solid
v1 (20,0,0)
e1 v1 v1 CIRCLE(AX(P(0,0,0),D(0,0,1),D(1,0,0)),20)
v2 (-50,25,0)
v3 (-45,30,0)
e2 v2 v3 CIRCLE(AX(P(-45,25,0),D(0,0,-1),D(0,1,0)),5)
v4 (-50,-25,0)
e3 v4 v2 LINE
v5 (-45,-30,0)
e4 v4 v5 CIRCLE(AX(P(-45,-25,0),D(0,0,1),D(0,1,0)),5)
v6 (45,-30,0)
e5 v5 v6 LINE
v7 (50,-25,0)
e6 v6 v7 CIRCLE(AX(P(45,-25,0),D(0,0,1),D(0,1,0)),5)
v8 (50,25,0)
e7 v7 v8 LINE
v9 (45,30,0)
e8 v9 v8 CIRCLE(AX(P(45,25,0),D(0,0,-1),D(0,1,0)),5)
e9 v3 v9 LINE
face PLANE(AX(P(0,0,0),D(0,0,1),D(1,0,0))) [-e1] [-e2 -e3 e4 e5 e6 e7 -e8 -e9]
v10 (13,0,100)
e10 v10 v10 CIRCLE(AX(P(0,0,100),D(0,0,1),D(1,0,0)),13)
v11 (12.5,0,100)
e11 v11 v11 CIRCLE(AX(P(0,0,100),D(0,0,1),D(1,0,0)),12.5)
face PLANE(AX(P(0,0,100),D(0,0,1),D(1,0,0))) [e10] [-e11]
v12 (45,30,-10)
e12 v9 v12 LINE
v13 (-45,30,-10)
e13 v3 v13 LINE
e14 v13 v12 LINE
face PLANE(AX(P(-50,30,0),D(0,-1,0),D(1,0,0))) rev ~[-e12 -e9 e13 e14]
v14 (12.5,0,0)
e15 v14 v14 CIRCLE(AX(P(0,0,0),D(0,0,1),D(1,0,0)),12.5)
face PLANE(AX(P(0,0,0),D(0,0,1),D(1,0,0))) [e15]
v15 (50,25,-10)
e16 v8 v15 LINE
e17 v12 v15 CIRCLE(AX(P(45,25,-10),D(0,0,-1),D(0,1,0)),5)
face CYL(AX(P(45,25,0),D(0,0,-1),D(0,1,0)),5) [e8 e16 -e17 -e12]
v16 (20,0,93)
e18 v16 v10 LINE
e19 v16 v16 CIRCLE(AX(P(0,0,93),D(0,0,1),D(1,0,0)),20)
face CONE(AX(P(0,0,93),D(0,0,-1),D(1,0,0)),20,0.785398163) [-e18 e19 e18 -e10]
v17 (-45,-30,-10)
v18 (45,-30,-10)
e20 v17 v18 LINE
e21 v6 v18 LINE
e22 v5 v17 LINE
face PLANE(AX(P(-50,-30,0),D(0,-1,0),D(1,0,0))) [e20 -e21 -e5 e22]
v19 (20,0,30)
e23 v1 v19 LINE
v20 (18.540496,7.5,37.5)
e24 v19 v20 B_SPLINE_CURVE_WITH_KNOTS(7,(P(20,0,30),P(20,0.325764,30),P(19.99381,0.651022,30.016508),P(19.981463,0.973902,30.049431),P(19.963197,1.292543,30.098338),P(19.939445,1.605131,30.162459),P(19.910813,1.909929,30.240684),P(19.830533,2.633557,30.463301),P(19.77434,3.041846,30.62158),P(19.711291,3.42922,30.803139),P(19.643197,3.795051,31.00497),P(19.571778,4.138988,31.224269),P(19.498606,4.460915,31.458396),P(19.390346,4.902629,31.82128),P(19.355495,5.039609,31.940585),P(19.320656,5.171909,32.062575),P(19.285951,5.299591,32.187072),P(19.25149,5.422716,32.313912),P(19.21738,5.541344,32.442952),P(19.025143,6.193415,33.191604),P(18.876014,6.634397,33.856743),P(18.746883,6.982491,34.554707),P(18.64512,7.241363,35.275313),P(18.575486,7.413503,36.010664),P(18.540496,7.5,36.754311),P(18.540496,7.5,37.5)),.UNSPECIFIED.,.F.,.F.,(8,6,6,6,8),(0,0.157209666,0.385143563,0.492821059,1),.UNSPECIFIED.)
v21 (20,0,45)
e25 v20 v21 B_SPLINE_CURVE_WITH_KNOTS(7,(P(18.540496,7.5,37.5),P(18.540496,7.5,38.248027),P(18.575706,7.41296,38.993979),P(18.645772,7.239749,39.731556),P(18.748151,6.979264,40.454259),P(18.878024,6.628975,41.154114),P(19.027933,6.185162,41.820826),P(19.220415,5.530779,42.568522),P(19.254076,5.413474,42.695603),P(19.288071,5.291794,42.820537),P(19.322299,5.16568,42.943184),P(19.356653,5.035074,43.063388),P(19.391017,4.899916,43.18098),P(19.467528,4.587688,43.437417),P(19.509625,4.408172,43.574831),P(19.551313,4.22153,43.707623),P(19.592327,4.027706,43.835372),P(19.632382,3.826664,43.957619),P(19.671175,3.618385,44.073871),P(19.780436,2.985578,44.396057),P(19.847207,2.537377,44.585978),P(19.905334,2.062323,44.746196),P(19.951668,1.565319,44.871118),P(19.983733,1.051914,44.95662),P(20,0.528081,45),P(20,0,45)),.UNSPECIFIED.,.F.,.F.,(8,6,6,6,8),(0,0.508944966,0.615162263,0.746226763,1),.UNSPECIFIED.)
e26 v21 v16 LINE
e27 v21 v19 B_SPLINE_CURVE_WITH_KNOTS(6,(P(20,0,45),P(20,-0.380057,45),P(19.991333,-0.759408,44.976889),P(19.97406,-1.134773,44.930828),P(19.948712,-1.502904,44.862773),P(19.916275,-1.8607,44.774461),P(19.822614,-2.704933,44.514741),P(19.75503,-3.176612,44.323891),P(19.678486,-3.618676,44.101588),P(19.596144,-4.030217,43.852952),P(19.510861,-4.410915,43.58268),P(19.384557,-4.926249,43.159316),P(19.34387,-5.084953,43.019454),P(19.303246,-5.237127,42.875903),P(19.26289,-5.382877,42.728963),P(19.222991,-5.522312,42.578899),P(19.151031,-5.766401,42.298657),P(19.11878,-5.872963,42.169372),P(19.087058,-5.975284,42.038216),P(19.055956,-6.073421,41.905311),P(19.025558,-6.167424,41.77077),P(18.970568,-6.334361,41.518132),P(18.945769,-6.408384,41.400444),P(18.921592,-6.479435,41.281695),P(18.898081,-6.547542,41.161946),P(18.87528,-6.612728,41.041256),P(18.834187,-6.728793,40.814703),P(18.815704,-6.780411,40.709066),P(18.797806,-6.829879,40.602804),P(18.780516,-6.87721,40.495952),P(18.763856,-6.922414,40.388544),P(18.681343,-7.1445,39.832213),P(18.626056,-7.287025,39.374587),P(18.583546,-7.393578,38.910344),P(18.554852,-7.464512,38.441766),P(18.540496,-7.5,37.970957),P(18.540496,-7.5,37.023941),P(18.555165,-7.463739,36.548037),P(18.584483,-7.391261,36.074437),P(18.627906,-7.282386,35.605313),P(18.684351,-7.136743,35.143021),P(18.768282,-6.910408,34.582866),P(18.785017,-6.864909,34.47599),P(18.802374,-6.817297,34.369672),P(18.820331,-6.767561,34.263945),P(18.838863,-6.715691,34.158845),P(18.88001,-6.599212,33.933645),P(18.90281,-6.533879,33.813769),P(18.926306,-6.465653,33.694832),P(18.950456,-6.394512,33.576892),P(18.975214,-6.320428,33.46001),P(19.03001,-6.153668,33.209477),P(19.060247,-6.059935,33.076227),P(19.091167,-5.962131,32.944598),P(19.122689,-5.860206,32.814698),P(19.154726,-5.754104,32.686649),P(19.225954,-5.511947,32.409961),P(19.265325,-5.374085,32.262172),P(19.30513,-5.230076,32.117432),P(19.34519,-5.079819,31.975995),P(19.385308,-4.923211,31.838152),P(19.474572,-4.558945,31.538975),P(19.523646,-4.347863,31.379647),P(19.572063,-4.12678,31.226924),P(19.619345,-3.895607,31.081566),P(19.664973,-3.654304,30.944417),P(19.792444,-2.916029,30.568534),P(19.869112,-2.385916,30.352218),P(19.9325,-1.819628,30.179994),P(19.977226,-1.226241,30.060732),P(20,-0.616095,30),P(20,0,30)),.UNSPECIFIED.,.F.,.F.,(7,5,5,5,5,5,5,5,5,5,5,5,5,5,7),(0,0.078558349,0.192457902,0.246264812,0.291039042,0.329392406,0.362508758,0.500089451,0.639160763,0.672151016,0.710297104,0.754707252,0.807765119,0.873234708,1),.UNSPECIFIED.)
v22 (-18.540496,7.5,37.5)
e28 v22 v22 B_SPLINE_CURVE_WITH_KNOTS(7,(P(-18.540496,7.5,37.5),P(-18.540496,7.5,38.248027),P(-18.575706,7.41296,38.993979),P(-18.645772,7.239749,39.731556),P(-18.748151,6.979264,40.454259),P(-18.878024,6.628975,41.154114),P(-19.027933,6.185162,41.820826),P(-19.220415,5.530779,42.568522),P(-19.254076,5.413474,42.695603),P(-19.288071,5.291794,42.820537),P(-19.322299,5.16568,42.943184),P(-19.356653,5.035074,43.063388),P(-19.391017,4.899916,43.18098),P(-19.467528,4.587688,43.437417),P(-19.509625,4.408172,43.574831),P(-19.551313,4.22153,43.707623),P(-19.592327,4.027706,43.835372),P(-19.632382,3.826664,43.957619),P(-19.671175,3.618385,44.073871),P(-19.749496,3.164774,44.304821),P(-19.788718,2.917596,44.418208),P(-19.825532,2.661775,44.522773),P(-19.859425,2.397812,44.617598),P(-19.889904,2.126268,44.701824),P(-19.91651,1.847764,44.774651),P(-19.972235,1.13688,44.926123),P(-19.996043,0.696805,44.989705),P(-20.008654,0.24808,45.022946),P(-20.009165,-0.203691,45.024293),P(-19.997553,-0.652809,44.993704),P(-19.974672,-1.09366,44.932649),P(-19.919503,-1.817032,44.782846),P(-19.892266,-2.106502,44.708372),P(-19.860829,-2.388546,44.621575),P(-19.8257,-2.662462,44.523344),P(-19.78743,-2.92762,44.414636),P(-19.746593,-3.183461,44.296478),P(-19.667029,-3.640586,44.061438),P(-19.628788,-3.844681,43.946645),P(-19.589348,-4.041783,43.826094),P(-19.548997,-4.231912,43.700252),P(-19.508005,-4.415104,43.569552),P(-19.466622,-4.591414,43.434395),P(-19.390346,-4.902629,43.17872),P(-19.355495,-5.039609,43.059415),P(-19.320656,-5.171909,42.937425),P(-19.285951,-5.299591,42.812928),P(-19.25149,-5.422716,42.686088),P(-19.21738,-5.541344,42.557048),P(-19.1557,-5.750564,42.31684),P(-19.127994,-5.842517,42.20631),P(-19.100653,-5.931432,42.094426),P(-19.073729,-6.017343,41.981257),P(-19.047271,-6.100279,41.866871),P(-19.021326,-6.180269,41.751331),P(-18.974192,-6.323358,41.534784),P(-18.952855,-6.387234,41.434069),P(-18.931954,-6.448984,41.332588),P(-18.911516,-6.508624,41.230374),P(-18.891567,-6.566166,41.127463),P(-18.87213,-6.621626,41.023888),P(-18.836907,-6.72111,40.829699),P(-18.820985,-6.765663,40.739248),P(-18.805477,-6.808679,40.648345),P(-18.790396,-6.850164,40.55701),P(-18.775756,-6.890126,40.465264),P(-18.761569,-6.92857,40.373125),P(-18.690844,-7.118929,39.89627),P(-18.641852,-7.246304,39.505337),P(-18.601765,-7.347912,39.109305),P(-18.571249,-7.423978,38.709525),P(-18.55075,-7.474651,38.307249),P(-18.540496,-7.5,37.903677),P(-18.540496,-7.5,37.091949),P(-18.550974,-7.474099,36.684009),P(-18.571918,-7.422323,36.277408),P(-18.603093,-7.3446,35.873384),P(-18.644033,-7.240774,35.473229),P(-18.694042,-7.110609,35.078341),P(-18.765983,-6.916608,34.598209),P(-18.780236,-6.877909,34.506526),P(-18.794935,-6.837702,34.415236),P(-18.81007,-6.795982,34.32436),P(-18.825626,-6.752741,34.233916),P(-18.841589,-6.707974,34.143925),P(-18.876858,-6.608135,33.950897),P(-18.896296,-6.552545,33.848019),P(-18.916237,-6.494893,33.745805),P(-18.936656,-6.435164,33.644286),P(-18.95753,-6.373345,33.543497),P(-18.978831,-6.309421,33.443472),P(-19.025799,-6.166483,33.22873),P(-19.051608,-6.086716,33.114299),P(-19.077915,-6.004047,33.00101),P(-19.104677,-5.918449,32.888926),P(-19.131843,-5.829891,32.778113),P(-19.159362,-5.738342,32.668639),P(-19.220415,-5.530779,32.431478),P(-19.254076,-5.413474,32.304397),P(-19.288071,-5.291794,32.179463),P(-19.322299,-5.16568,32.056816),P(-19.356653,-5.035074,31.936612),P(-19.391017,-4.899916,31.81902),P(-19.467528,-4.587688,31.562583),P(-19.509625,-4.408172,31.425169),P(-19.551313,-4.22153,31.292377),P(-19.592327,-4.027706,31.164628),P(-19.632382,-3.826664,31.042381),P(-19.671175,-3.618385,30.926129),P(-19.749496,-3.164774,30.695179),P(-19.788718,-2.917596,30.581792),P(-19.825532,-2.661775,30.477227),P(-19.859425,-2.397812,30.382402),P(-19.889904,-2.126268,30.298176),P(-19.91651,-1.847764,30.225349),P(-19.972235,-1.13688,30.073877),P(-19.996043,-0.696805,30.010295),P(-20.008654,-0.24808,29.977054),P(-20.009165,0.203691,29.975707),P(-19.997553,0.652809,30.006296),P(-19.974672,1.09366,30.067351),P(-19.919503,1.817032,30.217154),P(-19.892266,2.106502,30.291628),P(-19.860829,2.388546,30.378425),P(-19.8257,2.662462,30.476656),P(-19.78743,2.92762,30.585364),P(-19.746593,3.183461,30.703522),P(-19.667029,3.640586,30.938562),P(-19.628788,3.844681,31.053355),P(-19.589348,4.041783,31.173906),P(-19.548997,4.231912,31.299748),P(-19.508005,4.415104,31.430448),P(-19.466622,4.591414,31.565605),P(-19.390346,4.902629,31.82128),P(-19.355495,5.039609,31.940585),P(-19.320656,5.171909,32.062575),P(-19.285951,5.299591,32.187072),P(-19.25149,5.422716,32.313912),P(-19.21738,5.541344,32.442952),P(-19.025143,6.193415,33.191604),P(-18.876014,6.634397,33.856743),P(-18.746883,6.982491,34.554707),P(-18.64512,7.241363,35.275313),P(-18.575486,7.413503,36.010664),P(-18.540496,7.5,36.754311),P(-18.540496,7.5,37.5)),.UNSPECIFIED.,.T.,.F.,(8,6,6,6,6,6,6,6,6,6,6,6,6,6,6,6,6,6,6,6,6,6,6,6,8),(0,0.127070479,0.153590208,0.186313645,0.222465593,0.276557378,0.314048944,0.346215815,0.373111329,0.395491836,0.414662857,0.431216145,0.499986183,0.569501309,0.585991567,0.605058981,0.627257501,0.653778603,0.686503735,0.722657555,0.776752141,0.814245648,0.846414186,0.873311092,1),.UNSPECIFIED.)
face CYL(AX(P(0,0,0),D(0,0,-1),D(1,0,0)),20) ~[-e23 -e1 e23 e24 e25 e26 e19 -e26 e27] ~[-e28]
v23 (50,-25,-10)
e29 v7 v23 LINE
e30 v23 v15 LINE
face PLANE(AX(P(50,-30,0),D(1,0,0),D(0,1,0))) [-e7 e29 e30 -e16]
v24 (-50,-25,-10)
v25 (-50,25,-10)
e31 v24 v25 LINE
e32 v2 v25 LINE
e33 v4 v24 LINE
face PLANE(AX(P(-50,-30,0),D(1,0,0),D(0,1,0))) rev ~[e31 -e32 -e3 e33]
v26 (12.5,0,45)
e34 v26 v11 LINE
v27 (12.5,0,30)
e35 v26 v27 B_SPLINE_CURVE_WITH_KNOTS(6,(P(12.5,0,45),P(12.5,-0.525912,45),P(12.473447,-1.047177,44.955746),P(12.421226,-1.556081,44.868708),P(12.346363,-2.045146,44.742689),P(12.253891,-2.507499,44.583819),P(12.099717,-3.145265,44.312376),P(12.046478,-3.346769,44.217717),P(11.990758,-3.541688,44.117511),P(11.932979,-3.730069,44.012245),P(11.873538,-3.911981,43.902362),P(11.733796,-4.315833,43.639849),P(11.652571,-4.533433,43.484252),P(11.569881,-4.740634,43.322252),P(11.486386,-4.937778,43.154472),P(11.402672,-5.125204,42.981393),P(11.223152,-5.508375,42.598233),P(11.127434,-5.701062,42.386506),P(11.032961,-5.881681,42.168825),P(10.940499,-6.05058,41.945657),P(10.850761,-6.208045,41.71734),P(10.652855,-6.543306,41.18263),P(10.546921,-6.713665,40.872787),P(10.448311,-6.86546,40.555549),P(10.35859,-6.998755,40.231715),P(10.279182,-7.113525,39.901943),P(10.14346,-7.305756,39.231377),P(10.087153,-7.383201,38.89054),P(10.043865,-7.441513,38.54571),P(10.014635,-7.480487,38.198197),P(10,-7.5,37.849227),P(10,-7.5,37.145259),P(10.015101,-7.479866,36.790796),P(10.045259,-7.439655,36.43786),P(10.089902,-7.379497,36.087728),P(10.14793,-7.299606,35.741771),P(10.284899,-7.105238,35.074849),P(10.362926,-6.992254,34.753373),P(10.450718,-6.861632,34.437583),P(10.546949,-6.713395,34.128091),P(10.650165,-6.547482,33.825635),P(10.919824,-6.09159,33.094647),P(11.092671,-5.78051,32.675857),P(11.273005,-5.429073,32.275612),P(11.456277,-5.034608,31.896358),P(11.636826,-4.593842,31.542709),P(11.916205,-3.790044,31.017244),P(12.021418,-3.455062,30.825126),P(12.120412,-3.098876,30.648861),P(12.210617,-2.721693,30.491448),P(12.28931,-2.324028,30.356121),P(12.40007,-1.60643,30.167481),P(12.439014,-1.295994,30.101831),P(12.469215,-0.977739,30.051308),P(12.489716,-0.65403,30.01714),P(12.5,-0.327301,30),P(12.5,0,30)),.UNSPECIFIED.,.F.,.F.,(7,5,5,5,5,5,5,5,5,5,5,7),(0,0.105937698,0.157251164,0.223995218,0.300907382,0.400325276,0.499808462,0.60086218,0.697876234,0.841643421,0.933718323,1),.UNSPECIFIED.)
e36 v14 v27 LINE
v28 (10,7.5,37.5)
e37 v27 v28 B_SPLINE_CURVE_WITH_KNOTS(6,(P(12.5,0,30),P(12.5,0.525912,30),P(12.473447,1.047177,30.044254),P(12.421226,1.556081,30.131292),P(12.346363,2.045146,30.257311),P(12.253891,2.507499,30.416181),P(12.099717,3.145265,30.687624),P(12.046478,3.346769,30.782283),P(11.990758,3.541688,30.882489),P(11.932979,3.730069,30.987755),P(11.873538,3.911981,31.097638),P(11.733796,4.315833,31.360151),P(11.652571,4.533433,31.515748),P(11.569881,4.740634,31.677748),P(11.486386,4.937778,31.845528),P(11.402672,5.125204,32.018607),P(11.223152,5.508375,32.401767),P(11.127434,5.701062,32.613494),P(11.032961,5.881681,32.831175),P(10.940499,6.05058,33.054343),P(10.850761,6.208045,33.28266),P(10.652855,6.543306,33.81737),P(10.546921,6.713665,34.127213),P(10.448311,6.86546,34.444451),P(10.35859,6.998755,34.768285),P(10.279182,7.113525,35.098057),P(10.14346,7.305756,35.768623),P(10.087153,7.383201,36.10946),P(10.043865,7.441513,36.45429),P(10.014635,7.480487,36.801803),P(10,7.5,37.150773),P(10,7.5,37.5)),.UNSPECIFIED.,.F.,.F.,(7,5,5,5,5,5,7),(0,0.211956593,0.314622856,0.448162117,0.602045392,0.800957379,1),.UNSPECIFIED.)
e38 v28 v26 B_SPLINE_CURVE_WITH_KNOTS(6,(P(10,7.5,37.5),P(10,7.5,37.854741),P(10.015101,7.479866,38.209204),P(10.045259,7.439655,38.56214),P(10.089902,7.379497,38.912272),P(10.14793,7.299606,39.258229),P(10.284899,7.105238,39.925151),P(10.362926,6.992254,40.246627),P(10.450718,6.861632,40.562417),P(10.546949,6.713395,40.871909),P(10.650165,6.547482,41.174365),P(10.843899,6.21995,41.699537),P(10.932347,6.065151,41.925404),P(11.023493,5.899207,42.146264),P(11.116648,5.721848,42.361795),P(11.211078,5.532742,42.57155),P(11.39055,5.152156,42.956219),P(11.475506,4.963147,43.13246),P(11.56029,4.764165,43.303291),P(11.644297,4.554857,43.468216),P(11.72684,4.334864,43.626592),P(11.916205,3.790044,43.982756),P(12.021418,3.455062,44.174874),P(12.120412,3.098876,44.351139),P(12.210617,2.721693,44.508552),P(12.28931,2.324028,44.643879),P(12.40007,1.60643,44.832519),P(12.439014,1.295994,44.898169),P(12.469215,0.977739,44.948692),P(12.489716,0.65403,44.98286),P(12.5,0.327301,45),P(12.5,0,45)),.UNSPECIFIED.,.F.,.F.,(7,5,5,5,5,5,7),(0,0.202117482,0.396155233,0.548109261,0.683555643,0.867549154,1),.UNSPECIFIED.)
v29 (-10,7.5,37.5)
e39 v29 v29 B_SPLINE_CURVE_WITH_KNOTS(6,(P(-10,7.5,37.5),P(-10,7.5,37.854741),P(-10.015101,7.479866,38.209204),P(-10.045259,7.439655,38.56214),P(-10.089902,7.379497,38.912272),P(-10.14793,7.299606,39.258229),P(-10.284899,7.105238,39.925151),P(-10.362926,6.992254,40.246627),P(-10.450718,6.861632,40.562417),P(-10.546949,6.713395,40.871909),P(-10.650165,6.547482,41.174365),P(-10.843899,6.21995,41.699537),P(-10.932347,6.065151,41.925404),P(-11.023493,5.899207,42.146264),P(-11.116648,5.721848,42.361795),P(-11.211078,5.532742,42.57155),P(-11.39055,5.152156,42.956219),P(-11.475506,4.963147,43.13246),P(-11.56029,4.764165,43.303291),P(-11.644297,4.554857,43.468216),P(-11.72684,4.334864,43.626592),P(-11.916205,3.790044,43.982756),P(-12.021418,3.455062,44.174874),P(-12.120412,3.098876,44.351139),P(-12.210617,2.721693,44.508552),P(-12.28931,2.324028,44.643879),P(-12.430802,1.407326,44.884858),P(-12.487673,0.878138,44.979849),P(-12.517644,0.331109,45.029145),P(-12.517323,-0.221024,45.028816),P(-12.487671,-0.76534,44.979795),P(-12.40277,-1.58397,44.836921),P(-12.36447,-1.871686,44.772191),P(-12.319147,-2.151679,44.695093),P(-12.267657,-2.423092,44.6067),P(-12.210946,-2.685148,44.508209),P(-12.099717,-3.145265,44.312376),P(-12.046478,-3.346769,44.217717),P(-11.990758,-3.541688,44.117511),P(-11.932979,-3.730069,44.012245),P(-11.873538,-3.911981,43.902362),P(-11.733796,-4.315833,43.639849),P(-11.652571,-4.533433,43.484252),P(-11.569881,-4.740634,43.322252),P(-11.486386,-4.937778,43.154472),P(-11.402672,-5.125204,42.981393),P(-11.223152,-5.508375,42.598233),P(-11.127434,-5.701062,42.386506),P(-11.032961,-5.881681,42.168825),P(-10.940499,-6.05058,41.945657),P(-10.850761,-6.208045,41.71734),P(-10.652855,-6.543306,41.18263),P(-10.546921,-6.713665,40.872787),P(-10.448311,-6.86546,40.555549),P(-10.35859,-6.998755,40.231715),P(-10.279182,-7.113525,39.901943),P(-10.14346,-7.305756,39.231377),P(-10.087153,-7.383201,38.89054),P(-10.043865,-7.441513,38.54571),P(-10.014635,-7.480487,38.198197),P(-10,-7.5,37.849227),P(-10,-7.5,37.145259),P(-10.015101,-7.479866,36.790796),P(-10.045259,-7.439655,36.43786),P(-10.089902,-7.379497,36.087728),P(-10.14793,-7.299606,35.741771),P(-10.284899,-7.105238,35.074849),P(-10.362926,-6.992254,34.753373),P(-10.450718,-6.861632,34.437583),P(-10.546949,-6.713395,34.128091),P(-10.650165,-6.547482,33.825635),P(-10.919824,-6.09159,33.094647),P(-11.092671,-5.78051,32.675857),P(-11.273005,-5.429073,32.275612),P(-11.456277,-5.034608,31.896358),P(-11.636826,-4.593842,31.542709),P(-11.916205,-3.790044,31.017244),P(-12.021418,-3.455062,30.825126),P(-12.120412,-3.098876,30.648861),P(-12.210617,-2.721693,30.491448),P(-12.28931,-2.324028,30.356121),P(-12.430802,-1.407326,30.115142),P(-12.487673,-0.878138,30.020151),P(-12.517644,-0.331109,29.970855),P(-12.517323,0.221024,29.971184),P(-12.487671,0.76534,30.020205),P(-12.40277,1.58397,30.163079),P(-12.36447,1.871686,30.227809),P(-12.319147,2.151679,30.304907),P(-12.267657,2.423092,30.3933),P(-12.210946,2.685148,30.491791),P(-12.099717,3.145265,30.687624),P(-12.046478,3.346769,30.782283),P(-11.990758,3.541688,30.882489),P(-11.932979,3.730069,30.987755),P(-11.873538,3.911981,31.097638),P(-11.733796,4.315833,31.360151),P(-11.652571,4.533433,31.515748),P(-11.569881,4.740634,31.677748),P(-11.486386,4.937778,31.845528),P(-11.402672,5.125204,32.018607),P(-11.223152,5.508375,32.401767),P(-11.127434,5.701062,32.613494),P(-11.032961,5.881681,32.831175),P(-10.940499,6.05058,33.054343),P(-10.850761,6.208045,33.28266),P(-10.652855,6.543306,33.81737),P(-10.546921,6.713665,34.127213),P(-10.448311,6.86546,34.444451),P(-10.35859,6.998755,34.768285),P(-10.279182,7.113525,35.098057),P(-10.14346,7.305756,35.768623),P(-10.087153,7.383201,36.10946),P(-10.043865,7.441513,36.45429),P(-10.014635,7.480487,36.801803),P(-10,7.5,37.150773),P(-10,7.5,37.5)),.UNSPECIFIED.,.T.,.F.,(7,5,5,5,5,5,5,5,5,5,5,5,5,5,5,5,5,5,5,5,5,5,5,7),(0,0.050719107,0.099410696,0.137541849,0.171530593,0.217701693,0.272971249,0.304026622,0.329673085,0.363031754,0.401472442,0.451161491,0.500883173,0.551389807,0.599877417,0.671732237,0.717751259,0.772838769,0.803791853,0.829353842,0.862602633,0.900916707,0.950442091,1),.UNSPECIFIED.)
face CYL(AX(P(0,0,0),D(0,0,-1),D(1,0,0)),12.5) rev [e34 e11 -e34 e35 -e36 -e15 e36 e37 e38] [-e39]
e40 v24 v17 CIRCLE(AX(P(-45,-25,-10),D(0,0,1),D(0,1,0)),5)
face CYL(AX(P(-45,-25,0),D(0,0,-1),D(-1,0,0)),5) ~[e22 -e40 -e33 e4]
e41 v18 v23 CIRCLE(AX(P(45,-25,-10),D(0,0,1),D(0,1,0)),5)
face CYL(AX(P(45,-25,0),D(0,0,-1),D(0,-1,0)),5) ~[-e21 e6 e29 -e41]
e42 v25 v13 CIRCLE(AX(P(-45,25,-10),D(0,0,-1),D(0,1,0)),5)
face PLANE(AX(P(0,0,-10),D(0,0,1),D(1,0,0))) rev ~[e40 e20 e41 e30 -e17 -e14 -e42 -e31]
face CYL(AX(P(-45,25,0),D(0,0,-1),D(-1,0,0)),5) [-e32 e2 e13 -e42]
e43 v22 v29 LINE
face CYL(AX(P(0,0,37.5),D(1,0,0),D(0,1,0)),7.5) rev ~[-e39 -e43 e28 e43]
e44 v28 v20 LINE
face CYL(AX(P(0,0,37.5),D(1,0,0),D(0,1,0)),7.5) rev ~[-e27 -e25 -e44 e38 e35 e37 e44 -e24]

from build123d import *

# Parameters (mm, degrees)
F0_R     = 20
F0_R_2   = 12.5
F1_DEPTH = 100
F2_W     = 100
F2_H     = 60
F3_DEPTH = 10
F4_R     = 5
F5_SIZE  = 7
F6_R     = 7.5
F7_DEPTH = 20


with BuildPart() as f1:
    # F0 (on Top) → F1 (new body)
    with BuildSketch(Plane.XY):
        Circle(F0_R)
        Circle(F0_R_2, mode=Mode.SUBTRACT)
    extrude(amount=F1_DEPTH)

    # F2 (on Top) → F3 (join)
    with BuildSketch(Plane.XY):
        Rectangle(F2_W, F2_H)
    extrude(amount=-F3_DEPTH)

    # F4
    f4_edges = [f1.edges().sort_by_distance(p)[0] for p in [
        (-50, -30, -5),
        (50, -30, -5),
        (50, 30, -5),
        (-50, 30, -5),
    ]]
    fillet(f4_edges, radius=F4_R)

    # F5
    f5_edges = [f1.edges().sort_by_distance(p)[0] for p in [
        (-20, 0, 100),
    ]]
    chamfer(f5_edges, length=F5_SIZE)

    # F6 (on Right) → F7 (cut, symmetric)
    with BuildSketch(Plane.YZ):
        with Locations((0, 37.5)):
            Circle(F6_R)
    extrude(amount=F7_DEPTH, both=True, mode=Mode.SUBTRACT)


solid = f1.part
